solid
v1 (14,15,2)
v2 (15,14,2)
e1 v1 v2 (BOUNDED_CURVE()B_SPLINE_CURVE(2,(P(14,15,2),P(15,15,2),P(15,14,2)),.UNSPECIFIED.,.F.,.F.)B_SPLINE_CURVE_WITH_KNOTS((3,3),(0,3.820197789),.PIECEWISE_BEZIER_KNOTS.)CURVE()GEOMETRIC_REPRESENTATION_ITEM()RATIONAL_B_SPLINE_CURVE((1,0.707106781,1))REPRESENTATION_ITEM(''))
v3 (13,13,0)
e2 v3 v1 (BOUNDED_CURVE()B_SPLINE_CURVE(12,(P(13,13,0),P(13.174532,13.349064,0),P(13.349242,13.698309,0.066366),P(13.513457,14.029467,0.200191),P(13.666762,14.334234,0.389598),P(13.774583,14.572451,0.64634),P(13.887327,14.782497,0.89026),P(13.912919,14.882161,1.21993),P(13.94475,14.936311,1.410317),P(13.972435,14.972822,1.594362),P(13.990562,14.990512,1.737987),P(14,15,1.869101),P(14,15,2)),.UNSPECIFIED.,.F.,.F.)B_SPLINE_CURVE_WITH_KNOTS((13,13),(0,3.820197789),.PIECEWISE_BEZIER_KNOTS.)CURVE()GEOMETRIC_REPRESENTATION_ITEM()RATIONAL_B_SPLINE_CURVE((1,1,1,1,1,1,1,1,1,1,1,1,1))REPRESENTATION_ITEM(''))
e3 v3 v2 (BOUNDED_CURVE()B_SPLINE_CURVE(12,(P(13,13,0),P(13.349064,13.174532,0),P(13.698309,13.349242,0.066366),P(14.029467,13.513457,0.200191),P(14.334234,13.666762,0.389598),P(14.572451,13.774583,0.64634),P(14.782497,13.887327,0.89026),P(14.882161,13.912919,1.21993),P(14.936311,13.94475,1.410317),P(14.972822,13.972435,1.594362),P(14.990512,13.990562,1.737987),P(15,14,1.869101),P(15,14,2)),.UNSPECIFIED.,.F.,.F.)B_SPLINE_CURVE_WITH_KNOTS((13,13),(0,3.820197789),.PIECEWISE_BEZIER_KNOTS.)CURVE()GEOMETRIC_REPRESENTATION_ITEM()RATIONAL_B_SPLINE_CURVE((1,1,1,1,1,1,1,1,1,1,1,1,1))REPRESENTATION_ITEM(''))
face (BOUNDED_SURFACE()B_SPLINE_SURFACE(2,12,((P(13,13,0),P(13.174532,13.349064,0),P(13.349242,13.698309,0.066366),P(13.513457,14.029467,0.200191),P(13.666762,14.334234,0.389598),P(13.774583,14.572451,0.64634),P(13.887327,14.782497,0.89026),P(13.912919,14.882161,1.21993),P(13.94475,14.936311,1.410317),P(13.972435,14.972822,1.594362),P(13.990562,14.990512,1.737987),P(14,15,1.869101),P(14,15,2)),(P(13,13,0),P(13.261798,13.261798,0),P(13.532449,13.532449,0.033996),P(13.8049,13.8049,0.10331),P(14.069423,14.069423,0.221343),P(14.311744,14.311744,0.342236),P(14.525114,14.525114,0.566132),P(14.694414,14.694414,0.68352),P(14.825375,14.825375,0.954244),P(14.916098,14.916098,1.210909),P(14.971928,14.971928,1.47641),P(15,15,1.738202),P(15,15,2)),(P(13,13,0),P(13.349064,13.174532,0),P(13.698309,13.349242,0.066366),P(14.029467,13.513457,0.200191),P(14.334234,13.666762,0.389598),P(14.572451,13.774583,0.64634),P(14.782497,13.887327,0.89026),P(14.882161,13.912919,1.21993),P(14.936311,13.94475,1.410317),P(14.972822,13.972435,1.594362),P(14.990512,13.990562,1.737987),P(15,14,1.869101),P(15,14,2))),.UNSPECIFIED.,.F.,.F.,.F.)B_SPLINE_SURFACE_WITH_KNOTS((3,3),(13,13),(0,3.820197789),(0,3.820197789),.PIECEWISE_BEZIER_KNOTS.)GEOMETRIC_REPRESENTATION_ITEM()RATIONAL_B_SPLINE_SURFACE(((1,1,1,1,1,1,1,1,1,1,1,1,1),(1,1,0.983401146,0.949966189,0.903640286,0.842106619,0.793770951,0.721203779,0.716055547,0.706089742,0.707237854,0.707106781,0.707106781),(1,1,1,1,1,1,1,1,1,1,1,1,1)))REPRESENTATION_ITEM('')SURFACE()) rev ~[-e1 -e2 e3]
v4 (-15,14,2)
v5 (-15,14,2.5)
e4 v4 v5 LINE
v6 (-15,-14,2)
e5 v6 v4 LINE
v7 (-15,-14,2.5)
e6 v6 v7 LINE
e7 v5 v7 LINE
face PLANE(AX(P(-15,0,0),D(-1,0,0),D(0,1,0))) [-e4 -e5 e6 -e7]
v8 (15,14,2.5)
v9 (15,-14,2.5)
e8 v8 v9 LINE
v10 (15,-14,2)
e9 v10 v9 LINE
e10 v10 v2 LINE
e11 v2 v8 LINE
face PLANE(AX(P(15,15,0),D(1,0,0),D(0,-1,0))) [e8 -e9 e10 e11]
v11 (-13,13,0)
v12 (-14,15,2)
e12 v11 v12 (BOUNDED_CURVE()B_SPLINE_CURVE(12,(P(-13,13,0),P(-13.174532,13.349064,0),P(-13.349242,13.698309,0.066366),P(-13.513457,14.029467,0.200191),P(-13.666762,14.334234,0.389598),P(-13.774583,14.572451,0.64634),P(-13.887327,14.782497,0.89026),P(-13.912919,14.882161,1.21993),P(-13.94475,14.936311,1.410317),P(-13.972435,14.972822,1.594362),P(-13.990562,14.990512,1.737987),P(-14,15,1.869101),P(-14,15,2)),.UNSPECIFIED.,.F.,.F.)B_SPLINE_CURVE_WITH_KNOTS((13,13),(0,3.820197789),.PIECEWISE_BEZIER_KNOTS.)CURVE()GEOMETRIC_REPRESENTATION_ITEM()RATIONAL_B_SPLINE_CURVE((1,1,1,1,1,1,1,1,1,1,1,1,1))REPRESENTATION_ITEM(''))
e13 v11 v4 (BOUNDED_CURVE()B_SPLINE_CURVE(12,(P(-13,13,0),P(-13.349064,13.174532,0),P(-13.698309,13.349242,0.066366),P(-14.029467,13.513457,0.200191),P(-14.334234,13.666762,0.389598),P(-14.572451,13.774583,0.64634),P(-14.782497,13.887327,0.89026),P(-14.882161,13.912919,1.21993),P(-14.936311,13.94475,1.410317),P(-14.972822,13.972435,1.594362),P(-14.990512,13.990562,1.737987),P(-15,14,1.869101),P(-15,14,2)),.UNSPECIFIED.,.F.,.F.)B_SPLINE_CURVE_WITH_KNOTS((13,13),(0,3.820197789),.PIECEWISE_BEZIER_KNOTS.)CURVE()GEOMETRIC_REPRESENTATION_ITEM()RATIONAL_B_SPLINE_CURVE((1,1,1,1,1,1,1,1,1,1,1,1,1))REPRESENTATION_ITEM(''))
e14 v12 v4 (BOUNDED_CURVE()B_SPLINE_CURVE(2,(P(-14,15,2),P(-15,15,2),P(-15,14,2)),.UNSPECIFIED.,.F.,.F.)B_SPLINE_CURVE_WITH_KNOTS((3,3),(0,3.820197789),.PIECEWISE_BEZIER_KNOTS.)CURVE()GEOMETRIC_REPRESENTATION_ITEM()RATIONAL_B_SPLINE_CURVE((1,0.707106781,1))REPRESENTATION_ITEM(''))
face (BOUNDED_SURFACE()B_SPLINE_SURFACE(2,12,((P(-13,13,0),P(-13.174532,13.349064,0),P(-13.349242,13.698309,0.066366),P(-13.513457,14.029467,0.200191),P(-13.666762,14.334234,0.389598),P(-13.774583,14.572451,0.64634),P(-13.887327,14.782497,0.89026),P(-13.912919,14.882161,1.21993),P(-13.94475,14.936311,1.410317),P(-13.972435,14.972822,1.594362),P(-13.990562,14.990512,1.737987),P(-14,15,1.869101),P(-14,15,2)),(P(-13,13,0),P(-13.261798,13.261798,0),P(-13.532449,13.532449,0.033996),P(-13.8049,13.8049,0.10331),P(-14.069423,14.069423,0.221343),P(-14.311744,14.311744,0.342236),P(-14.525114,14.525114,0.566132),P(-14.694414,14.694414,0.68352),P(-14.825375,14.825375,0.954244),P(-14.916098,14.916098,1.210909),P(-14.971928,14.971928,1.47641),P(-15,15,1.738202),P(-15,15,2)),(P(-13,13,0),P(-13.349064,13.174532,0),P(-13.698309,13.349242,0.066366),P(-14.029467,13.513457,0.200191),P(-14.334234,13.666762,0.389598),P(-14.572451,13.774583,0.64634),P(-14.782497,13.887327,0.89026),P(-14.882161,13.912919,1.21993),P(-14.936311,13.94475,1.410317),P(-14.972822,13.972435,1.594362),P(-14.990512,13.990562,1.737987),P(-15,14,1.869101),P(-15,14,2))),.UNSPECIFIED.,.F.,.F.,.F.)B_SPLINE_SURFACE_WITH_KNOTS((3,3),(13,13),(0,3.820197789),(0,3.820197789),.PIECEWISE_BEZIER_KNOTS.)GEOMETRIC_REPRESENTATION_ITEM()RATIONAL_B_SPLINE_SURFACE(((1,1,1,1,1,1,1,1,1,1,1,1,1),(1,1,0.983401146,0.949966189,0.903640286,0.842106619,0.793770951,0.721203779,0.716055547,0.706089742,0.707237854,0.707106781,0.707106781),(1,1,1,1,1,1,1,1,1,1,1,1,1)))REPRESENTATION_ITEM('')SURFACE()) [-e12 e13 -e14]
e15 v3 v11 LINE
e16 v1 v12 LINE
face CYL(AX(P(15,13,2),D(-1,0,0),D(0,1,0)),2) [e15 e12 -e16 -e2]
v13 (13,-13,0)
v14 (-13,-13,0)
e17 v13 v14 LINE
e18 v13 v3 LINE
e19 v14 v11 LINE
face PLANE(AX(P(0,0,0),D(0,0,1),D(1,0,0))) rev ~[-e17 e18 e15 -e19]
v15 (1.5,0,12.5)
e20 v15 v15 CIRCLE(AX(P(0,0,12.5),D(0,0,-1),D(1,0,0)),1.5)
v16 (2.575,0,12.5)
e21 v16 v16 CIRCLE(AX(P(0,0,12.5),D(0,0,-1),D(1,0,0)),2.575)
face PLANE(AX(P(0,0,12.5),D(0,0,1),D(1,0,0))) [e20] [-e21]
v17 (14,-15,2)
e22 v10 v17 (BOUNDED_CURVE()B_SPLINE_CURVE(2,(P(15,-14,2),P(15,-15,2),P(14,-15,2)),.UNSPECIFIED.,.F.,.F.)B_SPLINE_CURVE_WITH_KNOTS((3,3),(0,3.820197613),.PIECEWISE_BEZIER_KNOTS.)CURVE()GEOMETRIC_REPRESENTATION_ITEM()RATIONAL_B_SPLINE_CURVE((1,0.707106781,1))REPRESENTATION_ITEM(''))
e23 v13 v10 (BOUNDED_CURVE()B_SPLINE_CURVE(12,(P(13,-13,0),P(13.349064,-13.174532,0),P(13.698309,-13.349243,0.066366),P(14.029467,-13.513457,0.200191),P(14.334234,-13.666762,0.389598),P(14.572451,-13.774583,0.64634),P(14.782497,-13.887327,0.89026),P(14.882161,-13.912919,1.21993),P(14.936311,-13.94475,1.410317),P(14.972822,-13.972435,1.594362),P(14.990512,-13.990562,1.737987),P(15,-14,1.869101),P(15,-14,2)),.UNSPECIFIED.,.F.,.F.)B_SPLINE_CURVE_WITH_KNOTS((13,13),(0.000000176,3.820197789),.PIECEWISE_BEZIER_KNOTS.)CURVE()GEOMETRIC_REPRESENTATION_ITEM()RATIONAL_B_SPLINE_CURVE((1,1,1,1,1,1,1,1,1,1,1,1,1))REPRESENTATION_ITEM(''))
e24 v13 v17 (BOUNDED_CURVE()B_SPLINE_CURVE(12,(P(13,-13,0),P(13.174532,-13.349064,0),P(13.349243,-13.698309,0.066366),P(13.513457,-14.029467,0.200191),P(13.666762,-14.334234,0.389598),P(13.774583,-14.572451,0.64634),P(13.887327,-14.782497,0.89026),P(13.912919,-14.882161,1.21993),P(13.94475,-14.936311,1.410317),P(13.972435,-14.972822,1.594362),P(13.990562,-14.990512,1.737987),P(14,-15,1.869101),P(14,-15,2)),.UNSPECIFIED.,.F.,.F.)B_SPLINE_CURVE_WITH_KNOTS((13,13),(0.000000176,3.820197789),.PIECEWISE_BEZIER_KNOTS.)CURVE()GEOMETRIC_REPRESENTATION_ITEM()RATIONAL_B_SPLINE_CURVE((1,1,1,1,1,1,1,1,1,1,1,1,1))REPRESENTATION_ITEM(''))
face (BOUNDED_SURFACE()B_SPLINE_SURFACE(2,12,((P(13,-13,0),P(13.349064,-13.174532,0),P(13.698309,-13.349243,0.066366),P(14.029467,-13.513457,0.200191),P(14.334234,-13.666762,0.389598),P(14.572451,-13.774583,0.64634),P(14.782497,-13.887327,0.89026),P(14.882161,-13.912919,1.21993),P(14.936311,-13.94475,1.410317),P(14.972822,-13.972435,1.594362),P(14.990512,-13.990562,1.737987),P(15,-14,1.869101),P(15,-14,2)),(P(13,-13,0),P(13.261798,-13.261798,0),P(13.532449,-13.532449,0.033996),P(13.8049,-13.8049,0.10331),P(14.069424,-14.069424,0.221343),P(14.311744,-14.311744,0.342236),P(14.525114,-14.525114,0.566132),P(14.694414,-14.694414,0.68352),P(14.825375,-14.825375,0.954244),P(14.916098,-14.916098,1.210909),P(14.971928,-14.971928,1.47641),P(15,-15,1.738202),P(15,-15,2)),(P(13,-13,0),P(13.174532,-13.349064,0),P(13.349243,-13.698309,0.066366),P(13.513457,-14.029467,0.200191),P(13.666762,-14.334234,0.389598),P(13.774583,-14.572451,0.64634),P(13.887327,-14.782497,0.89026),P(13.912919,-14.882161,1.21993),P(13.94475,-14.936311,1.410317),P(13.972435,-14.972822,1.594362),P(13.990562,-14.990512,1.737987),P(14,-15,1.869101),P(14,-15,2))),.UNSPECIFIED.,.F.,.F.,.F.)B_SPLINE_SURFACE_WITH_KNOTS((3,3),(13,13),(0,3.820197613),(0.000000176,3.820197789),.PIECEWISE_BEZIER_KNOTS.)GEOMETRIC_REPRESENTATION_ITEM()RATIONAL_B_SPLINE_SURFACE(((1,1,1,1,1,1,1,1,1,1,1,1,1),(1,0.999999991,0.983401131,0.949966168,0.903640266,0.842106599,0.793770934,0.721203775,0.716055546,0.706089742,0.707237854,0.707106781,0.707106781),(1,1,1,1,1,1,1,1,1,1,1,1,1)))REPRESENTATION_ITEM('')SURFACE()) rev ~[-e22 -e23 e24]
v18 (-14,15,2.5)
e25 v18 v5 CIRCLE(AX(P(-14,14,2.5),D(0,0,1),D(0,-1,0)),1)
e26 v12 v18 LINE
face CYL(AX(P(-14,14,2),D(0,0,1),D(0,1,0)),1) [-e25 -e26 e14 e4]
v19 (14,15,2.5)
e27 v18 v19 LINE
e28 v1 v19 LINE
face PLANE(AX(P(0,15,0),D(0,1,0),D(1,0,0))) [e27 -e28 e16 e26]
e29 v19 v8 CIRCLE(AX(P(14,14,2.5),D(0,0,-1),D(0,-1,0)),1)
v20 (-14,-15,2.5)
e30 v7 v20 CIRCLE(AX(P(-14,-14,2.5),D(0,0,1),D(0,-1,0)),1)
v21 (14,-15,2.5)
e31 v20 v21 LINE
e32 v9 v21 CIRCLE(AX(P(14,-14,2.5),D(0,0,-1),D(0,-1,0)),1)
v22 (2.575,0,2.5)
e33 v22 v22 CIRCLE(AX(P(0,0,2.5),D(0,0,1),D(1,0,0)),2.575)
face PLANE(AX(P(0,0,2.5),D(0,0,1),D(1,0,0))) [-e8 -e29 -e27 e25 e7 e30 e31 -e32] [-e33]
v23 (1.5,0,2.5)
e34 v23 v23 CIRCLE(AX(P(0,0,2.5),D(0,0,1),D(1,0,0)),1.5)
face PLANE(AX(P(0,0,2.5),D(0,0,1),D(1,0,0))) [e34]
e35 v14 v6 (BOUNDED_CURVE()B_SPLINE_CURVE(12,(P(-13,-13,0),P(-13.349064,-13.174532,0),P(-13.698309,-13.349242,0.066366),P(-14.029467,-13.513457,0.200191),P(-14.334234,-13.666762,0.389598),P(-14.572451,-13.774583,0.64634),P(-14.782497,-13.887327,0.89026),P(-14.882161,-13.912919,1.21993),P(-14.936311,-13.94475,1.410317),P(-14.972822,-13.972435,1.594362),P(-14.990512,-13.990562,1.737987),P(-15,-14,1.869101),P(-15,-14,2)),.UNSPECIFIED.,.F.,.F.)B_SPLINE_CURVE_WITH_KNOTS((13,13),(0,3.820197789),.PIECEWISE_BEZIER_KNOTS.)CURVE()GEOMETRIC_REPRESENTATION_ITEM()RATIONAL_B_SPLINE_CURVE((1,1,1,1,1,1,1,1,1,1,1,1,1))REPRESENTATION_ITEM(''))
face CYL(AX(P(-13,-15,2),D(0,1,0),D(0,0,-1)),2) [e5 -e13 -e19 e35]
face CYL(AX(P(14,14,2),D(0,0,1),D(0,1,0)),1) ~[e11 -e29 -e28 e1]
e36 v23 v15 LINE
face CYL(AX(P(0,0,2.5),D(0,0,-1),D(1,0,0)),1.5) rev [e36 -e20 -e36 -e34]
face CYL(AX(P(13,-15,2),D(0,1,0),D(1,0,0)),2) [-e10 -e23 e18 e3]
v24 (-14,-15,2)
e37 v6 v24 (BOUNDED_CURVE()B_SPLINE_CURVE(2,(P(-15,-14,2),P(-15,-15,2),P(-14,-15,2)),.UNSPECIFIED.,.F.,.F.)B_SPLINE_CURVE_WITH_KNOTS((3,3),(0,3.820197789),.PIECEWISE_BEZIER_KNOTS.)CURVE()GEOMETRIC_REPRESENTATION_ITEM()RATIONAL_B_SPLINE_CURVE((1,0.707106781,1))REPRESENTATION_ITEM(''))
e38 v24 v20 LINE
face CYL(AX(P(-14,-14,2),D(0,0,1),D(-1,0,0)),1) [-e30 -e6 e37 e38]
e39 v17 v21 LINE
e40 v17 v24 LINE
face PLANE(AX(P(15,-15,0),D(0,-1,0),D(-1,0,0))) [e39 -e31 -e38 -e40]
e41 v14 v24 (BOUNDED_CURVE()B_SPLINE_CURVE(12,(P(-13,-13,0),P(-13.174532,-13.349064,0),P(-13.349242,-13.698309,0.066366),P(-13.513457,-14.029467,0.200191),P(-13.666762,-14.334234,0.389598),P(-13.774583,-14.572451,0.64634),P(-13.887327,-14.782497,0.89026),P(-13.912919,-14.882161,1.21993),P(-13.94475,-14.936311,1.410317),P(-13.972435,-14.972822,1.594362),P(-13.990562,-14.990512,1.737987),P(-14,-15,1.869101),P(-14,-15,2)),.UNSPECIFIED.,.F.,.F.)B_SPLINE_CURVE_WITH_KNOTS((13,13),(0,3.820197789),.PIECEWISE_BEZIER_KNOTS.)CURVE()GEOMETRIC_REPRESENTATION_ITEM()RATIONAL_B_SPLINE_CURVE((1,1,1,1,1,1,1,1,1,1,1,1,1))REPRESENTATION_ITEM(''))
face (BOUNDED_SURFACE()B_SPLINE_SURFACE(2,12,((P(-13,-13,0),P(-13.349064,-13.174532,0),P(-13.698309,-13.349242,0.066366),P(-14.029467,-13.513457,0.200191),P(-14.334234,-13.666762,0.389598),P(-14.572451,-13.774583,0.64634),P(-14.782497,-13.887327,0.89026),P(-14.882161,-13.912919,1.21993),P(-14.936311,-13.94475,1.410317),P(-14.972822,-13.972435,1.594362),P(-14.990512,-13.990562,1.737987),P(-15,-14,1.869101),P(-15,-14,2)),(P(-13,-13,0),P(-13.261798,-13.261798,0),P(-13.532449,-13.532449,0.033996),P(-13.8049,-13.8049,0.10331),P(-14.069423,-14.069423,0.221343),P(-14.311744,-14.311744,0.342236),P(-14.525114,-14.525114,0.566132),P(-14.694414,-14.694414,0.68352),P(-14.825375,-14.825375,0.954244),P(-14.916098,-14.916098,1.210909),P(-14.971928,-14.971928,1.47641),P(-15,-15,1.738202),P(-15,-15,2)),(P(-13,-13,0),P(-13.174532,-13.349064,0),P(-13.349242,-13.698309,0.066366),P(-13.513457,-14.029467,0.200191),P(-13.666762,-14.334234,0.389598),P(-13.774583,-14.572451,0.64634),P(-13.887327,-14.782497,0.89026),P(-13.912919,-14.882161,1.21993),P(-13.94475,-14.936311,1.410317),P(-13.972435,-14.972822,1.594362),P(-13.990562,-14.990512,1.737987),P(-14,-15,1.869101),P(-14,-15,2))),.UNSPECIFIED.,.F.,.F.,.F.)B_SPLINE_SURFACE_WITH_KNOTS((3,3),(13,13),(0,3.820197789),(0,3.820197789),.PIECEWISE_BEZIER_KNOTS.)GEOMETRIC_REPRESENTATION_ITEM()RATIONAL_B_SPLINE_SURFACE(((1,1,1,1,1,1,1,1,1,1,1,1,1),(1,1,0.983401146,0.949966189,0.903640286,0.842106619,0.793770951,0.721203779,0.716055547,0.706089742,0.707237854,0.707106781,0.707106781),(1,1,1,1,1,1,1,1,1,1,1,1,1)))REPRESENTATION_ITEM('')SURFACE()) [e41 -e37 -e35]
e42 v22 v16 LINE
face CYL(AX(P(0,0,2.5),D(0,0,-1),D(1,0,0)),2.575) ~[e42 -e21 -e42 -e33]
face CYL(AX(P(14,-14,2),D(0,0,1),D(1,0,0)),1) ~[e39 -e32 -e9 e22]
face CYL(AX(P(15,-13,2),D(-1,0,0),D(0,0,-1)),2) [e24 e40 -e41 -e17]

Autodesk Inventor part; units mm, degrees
ref_plane "YZ Plane" through (0, 0, 0) normal (1, 0, 0) x (0, 1, 0)
ref_plane "XZ Plane" through (0, 0, 0) normal (0, 1, 0) x (-1, 0, 0)
ref_plane "XY Plane" through (0, 0, 0) normal (0, 0, 1) x (1, 0, 0)
sketch "Náčrt1" plane through (0, 0, 0) normal (0, 0, 1) x (1, 0, 0)
  line L0 (0, 21) -> (0, -21) projected
  line L1 (-21, 0) -> (21, 0) projected
  line L2 (-15, 15) -> (15, 15)
  line L3 (15, 15) -> (15, -15)
  line L4 (15, -15) -> (-15, -15)
  line L5 (-15, -15) -> (-15, 15)
  point P0 (0, 0)
  dimension "d0" = 30
  dimension "d1" = 30
extrude "Vysunutí1" add sketch "Náčrt1" along normal blind 2.5
sketch "Náčrt2" plane through (0, 0, 2.5) normal (0, 0, 1) x (1, 0, 0)
  line L0 (-15, -15) -> (15, -15) projected
  line L1 (15, -15) -> (15, 15) projected
  line L2 (15, 15) -> (-15, 15) projected
  line L3 (-15, 15) -> (-15, -15) projected
  line L4 (0, 21) -> (0, -21) projected
  line L5 (-21, 0) -> (21, 0) projected
  circle A0 centre (0, 0) radius 2.575
  circle A1 centre (0, 0) radius 1.5
  dimension "d5" = 5.15
  dimension "d6" = 3
extrude "Vysunutí2" add sketch "Náčrt2" along normal blind 10 contours A0 L5 A1 L4 | L4 A1 L5 A0 | A0 L4 A1 L5 | L5 A1 L4 A0
fillet "Zaoblení1" radius 2 4 edges at (15, 0, 0) (0, 15, 0) (-15, 0, 0) (0, -15, 0)
fillet "Zaoblení2" radius 1 8 edges at (15, -15, 2.25) (14.4142, -14.4142, 0.5858) (15, 15, 2.25) (14.4142, 14.4142, 0.5858) (-15, 15, 2.25) (-14.4142, 14.4142, 0.5858) (-15, -15, 2.25) (-14.4142, -14.4142, 0.5858)
properties part number "záslepka"
